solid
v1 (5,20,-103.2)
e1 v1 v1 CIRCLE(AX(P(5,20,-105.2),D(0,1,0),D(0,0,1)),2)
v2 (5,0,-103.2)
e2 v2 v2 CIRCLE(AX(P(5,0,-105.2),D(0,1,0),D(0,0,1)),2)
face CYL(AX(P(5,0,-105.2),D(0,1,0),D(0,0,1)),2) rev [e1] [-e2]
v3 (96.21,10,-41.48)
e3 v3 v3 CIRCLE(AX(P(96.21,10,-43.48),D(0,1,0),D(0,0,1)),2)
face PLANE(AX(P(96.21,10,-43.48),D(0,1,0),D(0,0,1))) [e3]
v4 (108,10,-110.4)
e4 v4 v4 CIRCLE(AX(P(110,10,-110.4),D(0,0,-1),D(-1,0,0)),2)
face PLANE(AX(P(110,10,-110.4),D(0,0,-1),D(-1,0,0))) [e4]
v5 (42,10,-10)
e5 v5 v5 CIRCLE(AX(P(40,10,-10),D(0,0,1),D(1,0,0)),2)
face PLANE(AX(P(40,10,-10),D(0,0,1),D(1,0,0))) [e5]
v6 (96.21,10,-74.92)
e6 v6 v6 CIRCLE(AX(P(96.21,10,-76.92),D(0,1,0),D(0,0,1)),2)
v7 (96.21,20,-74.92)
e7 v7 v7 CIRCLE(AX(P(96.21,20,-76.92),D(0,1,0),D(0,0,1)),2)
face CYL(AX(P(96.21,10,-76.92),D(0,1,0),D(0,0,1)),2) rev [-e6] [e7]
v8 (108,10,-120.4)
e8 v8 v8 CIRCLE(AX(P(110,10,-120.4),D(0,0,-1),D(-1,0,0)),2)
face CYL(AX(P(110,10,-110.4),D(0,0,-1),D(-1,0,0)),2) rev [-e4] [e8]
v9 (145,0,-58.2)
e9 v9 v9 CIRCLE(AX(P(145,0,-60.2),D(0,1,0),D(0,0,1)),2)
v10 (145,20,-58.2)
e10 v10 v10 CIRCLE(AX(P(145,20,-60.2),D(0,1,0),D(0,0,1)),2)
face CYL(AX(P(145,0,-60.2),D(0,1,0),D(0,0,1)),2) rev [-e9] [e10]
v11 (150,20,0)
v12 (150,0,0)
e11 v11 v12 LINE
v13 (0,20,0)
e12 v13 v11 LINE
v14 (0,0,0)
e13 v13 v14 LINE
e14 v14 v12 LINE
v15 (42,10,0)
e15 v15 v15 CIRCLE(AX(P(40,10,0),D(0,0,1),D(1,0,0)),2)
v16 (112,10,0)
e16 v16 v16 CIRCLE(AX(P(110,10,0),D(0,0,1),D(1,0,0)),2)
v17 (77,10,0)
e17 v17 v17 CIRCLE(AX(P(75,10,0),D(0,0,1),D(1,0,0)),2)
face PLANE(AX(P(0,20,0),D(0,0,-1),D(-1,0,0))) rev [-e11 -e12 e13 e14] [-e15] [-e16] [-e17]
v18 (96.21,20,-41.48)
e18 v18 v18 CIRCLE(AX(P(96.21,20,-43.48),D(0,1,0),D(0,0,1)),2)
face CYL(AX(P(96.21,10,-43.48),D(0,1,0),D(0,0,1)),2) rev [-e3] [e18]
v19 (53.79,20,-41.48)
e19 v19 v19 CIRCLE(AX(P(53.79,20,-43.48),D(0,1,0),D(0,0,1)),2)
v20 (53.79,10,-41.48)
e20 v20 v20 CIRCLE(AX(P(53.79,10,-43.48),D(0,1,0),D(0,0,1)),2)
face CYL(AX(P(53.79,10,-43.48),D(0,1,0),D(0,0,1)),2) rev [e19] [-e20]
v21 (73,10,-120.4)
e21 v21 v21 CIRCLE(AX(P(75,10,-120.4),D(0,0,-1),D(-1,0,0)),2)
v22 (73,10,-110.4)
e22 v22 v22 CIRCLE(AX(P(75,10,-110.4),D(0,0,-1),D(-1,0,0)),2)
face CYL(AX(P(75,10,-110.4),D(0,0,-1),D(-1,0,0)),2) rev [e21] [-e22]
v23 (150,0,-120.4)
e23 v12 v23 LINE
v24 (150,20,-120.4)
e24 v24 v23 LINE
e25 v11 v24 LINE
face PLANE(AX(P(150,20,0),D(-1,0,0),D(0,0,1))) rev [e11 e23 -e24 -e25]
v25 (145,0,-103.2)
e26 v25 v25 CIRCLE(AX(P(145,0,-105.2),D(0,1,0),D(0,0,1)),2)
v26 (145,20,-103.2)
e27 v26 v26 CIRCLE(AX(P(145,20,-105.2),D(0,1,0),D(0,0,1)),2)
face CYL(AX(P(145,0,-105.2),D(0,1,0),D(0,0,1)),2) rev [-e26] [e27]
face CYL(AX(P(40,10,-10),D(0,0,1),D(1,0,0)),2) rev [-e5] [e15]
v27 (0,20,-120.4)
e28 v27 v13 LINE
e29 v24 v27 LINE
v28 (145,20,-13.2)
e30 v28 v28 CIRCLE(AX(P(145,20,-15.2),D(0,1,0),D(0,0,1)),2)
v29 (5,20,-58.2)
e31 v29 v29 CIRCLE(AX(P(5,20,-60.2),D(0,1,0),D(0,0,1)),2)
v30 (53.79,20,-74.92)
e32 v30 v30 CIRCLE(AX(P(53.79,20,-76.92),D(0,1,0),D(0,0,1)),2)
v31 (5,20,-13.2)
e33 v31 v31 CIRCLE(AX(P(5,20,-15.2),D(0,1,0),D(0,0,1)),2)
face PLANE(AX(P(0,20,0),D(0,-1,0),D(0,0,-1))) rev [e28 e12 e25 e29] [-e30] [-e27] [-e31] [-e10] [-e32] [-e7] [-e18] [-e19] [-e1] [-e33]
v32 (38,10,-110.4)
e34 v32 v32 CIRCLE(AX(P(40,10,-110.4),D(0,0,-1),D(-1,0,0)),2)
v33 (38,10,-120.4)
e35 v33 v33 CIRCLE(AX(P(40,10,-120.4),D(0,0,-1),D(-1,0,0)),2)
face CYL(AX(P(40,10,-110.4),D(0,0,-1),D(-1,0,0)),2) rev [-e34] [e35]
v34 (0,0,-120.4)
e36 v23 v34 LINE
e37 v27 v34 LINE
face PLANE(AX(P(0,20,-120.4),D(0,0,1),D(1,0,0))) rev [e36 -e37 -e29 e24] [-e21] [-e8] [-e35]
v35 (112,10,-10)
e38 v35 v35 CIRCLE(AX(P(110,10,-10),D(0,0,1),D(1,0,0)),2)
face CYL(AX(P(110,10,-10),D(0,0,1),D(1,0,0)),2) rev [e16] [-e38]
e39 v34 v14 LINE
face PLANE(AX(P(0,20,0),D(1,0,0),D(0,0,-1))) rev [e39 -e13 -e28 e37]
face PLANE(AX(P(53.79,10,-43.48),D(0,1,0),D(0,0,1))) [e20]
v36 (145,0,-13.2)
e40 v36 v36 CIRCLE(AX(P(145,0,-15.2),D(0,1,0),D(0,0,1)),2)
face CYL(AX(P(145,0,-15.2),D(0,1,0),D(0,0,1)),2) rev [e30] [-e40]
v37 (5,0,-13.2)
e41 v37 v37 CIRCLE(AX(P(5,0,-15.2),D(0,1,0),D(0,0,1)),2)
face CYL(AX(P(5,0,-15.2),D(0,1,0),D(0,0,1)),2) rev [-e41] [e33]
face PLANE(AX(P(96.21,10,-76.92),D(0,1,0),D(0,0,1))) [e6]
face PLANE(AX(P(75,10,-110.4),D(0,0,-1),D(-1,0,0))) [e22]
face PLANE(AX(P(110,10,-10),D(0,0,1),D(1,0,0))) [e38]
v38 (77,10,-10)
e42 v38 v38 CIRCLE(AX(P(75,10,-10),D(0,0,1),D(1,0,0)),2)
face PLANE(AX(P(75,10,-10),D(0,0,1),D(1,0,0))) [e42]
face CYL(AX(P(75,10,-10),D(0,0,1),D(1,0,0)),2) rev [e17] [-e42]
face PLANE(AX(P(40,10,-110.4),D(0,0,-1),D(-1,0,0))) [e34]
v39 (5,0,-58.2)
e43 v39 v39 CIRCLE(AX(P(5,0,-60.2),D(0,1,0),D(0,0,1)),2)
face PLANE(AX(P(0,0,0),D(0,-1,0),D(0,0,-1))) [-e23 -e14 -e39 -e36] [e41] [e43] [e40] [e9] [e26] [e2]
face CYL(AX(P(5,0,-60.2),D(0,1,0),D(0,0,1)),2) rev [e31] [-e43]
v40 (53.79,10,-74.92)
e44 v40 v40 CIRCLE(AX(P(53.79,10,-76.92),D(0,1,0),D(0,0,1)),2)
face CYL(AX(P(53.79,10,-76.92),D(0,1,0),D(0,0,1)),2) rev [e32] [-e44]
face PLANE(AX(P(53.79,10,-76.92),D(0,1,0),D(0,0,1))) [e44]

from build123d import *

# Parameters (mm, degrees)
SKETCH1_W                  = 150
SKETCH1_H                  = 120.4
BOSS_EXTRUDE2_DEPTH        = 20
SZKIC4_R                   = 2
WYTNIJ_WYCI_GNI_CIE2_DEPTH = 10
WYTNIJ_WYCI_GNI_CIE3_START = -10
SZKIC5_R                   = 2
WYTNIJ_WYCI_GNI_CIE3_DEPTH = 10
SZKIC1_R                   = 2
WYTNIJ_WYCI_GNI_CIE5_DEPTH = 10
SZKIC6_R                   = 2
WYTNIJ_WYCI_GNI_CIE6_DEPTH = 20


with BuildPart() as part:
    # Sketch1 → Boss-Extrude2 (new body)
    with BuildSketch(Plane(origin=(0, 0, 0), x_dir=(1, 0, 0), z_dir=(0, 1, 0))):
        with Locations((75, 60.2)):
            Rectangle(SKETCH1_W, SKETCH1_H)
    extrude(amount=BOSS_EXTRUDE2_DEPTH)

    # Szkic4 → Wytnij-wyciągnięcie2 (cut)
    with BuildSketch(Plane(origin=(0, 0, -120.4), x_dir=(-1, 0, 0), z_dir=(0, 0, -1))):
        with Locations((-40, 10)):
            Circle(SZKIC4_R)
        with Locations((-75, 10)):
            Circle(SZKIC4_R)
        with Locations((-110, 10)):
            Circle(SZKIC4_R)
    extrude(amount=-WYTNIJ_WYCI_GNI_CIE2_DEPTH, mode=Mode.SUBTRACT)

    # Szkic5 → Wytnij-wyciągnięcie3 (cut)
    with BuildSketch(Plane.XY.offset(WYTNIJ_WYCI_GNI_CIE3_START)):
        with Locations(Location((40, 10, 0), (0, 0, 180))):
            Circle(SZKIC5_R)
        with Locations(Location((75, 10, 0), (0, 0, 180))):
            Circle(SZKIC5_R)
        with Locations(Location((110, 10, 0), (0, 0, 180))):
            Circle(SZKIC5_R)
    extrude(amount=WYTNIJ_WYCI_GNI_CIE3_DEPTH, mode=Mode.SUBTRACT)

    # Szkic1 → Wytnij-wyciągnięcie5 (cut)
    with BuildSketch(Plane(origin=(0, 20, 0), x_dir=(1, 0, 0), z_dir=(0, 1, 0))):
        with Locations(Location((53.79, 76.92, 0), (0, 0, 270))):
            Circle(SZKIC1_R)
        with Locations(Location((96.21, 76.92, 0), (0, 0, 270))):
            Circle(SZKIC1_R)
        with Locations(Location((53.79, 43.48, 0), (0, 0, 270))):
            Circle(SZKIC1_R)
        with Locations(Location((96.21, 43.48, 0), (0, 0, 270))):
            Circle(SZKIC1_R)
    extrude(amount=-WYTNIJ_WYCI_GNI_CIE5_DEPTH, mode=Mode.SUBTRACT)

    # Szkic6 → Wytnij-wyciągnięcie6 (cut)
    with BuildSketch(Plane(origin=(0, 20, 0), x_dir=(1, 0, 0), z_dir=(0, 1, 0))):
        with Locations(Location((145, 105.2, 0), (0, 0, 270))):
            Circle(SZKIC6_R)
        with Locations(Location((145, 60.2, 0), (0, 0, 270))):
            Circle(SZKIC6_R)
        with Locations(Location((145, 15.2, 0), (0, 0, 270))):
            Circle(SZKIC6_R)
        with Locations(Location((5, 15.2, 0), (0, 0, 270))):
            Circle(SZKIC6_R)
        with Locations(Location((5, 60.2, 0), (0, 0, 270))):
            Circle(SZKIC6_R)
        with Locations(Location((5, 105.2, 0), (0, 0, 270))):
            Circle(SZKIC6_R)
    extrude(amount=-WYTNIJ_WYCI_GNI_CIE6_DEPTH, mode=Mode.SUBTRACT)


solid = part.part
